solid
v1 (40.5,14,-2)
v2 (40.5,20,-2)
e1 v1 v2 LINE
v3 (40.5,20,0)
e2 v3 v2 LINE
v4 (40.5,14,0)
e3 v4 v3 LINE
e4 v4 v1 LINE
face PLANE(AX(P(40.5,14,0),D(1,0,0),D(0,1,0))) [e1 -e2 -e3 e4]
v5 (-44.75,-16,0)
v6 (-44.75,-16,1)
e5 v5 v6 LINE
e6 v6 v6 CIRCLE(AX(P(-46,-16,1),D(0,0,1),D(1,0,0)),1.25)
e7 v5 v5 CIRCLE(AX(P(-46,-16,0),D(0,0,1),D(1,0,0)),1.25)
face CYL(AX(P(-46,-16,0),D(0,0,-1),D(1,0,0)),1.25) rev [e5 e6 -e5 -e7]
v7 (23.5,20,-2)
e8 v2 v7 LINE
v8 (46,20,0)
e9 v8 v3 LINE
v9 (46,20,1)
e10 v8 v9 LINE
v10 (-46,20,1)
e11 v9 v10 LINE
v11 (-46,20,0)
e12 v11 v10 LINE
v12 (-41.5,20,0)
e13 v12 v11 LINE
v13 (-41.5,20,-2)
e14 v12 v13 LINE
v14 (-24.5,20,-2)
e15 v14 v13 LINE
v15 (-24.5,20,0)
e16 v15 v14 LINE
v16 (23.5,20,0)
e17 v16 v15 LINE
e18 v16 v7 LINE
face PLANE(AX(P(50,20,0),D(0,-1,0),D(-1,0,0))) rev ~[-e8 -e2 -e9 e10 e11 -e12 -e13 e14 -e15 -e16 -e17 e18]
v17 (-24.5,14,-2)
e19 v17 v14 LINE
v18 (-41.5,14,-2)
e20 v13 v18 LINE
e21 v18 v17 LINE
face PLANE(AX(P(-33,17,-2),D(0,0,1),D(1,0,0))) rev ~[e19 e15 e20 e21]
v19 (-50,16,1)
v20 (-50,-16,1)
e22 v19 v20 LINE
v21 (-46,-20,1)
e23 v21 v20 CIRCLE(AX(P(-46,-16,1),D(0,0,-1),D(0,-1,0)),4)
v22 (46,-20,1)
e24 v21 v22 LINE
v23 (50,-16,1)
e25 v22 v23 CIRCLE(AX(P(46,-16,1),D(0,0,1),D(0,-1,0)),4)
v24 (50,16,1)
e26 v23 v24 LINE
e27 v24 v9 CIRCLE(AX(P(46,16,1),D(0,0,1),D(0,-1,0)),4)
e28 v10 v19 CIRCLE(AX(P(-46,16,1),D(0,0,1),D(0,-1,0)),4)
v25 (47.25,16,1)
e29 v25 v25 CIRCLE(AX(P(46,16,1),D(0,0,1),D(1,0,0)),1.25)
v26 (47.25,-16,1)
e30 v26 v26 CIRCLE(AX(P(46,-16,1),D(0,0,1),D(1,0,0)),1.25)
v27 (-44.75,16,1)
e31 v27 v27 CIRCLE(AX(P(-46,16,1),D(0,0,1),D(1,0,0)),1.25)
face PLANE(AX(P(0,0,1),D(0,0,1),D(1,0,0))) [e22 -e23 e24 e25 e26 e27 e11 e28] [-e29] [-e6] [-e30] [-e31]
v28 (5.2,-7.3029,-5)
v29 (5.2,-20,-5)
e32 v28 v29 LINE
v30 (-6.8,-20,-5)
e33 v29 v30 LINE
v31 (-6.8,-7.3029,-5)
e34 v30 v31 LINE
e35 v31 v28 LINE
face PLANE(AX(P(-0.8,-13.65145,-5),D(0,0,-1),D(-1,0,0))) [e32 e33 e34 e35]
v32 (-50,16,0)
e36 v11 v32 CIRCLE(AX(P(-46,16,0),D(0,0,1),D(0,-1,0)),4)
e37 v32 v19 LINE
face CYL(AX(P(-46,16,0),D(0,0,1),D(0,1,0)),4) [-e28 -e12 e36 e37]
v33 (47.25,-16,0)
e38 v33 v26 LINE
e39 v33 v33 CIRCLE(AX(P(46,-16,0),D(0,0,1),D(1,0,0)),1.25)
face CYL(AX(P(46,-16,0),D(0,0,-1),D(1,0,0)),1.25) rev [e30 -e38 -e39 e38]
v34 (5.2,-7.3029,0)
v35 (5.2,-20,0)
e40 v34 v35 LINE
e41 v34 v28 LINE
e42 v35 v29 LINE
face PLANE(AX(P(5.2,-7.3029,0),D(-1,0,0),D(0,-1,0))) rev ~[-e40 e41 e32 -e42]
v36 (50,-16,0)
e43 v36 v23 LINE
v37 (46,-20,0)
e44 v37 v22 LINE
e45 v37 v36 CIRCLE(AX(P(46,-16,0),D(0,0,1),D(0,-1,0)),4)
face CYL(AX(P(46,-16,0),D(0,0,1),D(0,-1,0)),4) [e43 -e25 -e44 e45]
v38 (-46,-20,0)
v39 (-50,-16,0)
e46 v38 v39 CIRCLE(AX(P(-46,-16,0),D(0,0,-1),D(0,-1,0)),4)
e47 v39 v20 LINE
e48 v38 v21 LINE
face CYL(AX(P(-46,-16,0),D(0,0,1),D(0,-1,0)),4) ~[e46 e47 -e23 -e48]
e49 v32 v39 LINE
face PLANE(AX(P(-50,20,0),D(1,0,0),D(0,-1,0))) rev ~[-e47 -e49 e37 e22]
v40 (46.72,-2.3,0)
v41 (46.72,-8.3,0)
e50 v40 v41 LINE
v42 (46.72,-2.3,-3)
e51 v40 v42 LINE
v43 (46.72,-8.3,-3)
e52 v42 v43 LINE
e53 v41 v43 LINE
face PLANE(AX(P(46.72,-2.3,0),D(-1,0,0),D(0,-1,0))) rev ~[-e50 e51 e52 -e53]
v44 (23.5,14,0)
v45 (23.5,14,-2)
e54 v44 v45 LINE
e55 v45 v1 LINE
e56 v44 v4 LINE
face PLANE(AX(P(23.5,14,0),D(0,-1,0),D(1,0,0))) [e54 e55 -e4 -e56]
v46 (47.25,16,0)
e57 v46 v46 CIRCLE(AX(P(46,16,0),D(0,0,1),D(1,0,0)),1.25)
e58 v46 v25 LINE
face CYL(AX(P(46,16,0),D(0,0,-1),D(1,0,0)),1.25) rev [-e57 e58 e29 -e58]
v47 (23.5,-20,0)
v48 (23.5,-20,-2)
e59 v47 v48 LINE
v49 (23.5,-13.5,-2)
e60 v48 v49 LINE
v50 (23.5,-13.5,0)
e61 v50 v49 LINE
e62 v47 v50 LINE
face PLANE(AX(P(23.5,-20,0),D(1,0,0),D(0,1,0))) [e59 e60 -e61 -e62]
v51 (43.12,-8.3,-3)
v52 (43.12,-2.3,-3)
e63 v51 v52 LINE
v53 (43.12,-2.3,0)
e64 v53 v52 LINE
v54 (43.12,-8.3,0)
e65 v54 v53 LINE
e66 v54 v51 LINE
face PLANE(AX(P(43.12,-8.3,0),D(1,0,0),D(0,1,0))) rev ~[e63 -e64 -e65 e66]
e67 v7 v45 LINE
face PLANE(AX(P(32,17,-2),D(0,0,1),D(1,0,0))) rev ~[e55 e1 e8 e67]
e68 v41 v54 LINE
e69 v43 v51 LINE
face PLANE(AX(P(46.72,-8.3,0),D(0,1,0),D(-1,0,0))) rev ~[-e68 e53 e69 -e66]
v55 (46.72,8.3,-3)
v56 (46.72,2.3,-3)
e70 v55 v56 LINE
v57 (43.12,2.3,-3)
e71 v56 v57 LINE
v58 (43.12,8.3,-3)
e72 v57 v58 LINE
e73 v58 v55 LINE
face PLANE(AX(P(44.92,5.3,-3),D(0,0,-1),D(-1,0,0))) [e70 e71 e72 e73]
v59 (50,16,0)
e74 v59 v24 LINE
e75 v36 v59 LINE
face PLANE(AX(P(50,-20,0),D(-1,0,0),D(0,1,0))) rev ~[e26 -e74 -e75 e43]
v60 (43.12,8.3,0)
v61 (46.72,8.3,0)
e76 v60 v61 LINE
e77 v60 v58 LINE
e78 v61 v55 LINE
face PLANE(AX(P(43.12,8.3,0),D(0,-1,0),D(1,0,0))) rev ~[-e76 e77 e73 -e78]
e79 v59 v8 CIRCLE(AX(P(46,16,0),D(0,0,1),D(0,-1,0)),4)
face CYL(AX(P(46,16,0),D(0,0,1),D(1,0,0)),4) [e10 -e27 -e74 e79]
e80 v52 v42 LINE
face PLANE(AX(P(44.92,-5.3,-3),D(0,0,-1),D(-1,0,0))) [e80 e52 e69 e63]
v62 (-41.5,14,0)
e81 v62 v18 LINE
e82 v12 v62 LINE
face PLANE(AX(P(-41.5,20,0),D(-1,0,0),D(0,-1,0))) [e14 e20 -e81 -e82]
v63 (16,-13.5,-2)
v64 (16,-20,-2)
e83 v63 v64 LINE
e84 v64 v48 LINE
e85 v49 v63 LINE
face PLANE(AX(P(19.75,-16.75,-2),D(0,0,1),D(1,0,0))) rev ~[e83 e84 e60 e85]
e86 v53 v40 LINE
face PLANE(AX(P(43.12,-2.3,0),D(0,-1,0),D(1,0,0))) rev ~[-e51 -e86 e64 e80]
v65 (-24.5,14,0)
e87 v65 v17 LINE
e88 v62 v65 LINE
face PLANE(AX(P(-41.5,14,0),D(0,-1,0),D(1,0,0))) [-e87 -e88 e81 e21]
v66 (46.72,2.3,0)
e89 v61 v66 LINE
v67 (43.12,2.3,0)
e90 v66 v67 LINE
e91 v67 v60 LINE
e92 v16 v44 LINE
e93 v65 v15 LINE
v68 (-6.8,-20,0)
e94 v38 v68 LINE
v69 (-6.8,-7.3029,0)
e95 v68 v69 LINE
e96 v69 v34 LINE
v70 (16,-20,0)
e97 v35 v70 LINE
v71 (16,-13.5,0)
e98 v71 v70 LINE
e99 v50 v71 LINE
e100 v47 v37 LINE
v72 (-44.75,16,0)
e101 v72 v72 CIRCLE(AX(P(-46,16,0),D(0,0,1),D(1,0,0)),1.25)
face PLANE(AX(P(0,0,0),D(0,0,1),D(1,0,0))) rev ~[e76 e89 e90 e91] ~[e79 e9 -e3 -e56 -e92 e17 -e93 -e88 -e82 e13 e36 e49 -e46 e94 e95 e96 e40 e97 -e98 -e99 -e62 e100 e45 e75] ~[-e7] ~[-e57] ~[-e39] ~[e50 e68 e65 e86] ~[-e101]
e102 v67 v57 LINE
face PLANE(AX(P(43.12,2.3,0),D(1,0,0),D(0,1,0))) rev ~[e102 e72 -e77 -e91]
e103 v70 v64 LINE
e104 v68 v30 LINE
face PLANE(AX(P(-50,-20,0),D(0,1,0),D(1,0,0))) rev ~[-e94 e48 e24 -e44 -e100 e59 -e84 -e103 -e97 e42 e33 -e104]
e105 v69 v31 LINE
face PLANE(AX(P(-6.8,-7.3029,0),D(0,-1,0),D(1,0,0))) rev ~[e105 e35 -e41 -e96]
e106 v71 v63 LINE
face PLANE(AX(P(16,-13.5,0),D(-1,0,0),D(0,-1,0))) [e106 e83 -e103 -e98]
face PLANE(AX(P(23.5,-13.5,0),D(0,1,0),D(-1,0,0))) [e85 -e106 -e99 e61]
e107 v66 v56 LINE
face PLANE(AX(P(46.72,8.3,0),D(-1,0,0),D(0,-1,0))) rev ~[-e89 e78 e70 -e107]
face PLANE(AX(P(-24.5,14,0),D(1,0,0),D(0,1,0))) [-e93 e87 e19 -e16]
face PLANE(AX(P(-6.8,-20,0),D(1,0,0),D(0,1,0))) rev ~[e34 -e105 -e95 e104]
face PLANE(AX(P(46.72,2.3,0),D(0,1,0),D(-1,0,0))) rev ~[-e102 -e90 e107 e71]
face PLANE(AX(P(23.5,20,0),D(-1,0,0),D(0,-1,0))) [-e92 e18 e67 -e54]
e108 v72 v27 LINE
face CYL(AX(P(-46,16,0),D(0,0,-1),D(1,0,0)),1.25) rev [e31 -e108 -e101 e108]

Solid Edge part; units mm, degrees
sketch "Sketch1" plane through (0, 0, 0) normal (0, 0, 1) x (1, 0, 0)
  line L0 (-50, -20) -> (50, -20)
  line L1 (50, -20) -> (50, 20)
  line L2 (50, 20) -> (-50, 20)
  line L3 (-50, 20) -> (-50, -20)
  circle A0 centre (-46, -16) radius 1.25
  circle A1 centre (-46, 16) radius 1.25
  circle A2 centre (46, 16) radius 1.25
  circle A3 centre (46, -16) radius 1.25
  dimension "D1" = 40
  dimension "D2" = 100
  dimension "D3" = 2.5
  dimension "D4" = 92
  dimension "D5" = 32
extrude "Protrusion1" add sketch "Sketch1" along normal blind 1
fillet "Round_1" radius 4 4 edges at (-50, -20, 0.5) (-50, 20, 0.5) (50, -20, 0.5) (50, 20, 0.5)
sketch "Sketch2" plane through (0, 0, 0) normal (0, 0, 1) x (1, 0, 0)
  line L0 (-24.5, 14) -> (-24.5, 20)
  line L1 (-24.5, 20) -> (-41.5, 20)
  line L2 (-41.5, 20) -> (-41.5, 14)
  line L3 (-41.5, 14) -> (-24.5, 14)
  line L4 (23.5, 20) -> (23.5, 14)
  line L5 (23.5, 14) -> (40.5, 14)
  line L6 (40.5, 14) -> (40.5, 20)
  line L7 (40.5, 20) -> (23.5, 20)
  dimension "D1" = 17
  dimension "D2" = 8.5
  dimension "D3" = 9.5
  dimension "D4" = 6
  dimension "D5" = 5.08
  dimension "D6" = 3.6
  dimension "D7" = 6
  dimension "D8" = 11.7
  dimension "D9" = 26.5
  dimension "D10" = 7.5
  dimension "D11" = 6.5
  dimension "D12" = 12
  dimension "D13" = 44.8
extrude "ExtrudedProtrusion_2" add sketch "Sketch2" against normal blind 2
sketch "Sketch3" plane through (0, 0, 0) normal (0, 0, 1) x (1, 0, 0)
  line L0 (5.2, -7.3029) -> (5.2, -20)
  line L1 (5.2, -20) -> (-6.8, -20)
  line L2 (-6.8, -20) -> (-6.8, -7.3029)
  line L3 (-6.8, -7.3029) -> (5.2, -7.3029)
extrude "ExtrudedProtrusion_3" add sketch "Sketch3" against normal blind 5
sketch "Sketch4" plane through (0, 0, 0) normal (0, 0, 1) x (1, 0, 0)
  line L0 (23.5, -20) -> (23.5, -13.5)
  line L1 (23.5, -13.5) -> (16, -13.5)
  line L2 (16, -13.5) -> (16, -20)
  line L3 (16, -20) -> (23.5, -20)
extrude "ExtrudedProtrusion_4" add sketch "Sketch4" against normal blind 2
sketch "Sketch5" plane through (0, 0, 0) normal (0, 0, 1) x (1, 0, 0)
  line L0 (46.72, -2.3) -> (46.72, -8.3)
  line L1 (46.72, -8.3) -> (43.12, -8.3)
  line L2 (43.12, -8.3) -> (43.12, -2.3)
  line L3 (43.12, -2.3) -> (46.72, -2.3)
  line L4 (46.72, 8.3) -> (46.72, 2.3)
  line L5 (46.72, 2.3) -> (43.12, 2.3)
  line L6 (43.12, 2.3) -> (43.12, 8.3)
  line L7 (43.12, 8.3) -> (46.72, 8.3)
  dimension "D1" = 17
  dimension "D2" = 8.5
  dimension "D3" = 9.5
  dimension "D4" = 6
  dimension "D5" = 5.08
  dimension "D6" = 3.6
  dimension "D7" = 6
  dimension "D8" = 11.7
  dimension "D9" = 26.5
  dimension "D10" = 7.5
  dimension "D11" = 6.5
  dimension "D12" = 12
  dimension "D13" = 44.8
extrude "ExtrudedProtrusion_5" add sketch "Sketch5" against normal blind 3
